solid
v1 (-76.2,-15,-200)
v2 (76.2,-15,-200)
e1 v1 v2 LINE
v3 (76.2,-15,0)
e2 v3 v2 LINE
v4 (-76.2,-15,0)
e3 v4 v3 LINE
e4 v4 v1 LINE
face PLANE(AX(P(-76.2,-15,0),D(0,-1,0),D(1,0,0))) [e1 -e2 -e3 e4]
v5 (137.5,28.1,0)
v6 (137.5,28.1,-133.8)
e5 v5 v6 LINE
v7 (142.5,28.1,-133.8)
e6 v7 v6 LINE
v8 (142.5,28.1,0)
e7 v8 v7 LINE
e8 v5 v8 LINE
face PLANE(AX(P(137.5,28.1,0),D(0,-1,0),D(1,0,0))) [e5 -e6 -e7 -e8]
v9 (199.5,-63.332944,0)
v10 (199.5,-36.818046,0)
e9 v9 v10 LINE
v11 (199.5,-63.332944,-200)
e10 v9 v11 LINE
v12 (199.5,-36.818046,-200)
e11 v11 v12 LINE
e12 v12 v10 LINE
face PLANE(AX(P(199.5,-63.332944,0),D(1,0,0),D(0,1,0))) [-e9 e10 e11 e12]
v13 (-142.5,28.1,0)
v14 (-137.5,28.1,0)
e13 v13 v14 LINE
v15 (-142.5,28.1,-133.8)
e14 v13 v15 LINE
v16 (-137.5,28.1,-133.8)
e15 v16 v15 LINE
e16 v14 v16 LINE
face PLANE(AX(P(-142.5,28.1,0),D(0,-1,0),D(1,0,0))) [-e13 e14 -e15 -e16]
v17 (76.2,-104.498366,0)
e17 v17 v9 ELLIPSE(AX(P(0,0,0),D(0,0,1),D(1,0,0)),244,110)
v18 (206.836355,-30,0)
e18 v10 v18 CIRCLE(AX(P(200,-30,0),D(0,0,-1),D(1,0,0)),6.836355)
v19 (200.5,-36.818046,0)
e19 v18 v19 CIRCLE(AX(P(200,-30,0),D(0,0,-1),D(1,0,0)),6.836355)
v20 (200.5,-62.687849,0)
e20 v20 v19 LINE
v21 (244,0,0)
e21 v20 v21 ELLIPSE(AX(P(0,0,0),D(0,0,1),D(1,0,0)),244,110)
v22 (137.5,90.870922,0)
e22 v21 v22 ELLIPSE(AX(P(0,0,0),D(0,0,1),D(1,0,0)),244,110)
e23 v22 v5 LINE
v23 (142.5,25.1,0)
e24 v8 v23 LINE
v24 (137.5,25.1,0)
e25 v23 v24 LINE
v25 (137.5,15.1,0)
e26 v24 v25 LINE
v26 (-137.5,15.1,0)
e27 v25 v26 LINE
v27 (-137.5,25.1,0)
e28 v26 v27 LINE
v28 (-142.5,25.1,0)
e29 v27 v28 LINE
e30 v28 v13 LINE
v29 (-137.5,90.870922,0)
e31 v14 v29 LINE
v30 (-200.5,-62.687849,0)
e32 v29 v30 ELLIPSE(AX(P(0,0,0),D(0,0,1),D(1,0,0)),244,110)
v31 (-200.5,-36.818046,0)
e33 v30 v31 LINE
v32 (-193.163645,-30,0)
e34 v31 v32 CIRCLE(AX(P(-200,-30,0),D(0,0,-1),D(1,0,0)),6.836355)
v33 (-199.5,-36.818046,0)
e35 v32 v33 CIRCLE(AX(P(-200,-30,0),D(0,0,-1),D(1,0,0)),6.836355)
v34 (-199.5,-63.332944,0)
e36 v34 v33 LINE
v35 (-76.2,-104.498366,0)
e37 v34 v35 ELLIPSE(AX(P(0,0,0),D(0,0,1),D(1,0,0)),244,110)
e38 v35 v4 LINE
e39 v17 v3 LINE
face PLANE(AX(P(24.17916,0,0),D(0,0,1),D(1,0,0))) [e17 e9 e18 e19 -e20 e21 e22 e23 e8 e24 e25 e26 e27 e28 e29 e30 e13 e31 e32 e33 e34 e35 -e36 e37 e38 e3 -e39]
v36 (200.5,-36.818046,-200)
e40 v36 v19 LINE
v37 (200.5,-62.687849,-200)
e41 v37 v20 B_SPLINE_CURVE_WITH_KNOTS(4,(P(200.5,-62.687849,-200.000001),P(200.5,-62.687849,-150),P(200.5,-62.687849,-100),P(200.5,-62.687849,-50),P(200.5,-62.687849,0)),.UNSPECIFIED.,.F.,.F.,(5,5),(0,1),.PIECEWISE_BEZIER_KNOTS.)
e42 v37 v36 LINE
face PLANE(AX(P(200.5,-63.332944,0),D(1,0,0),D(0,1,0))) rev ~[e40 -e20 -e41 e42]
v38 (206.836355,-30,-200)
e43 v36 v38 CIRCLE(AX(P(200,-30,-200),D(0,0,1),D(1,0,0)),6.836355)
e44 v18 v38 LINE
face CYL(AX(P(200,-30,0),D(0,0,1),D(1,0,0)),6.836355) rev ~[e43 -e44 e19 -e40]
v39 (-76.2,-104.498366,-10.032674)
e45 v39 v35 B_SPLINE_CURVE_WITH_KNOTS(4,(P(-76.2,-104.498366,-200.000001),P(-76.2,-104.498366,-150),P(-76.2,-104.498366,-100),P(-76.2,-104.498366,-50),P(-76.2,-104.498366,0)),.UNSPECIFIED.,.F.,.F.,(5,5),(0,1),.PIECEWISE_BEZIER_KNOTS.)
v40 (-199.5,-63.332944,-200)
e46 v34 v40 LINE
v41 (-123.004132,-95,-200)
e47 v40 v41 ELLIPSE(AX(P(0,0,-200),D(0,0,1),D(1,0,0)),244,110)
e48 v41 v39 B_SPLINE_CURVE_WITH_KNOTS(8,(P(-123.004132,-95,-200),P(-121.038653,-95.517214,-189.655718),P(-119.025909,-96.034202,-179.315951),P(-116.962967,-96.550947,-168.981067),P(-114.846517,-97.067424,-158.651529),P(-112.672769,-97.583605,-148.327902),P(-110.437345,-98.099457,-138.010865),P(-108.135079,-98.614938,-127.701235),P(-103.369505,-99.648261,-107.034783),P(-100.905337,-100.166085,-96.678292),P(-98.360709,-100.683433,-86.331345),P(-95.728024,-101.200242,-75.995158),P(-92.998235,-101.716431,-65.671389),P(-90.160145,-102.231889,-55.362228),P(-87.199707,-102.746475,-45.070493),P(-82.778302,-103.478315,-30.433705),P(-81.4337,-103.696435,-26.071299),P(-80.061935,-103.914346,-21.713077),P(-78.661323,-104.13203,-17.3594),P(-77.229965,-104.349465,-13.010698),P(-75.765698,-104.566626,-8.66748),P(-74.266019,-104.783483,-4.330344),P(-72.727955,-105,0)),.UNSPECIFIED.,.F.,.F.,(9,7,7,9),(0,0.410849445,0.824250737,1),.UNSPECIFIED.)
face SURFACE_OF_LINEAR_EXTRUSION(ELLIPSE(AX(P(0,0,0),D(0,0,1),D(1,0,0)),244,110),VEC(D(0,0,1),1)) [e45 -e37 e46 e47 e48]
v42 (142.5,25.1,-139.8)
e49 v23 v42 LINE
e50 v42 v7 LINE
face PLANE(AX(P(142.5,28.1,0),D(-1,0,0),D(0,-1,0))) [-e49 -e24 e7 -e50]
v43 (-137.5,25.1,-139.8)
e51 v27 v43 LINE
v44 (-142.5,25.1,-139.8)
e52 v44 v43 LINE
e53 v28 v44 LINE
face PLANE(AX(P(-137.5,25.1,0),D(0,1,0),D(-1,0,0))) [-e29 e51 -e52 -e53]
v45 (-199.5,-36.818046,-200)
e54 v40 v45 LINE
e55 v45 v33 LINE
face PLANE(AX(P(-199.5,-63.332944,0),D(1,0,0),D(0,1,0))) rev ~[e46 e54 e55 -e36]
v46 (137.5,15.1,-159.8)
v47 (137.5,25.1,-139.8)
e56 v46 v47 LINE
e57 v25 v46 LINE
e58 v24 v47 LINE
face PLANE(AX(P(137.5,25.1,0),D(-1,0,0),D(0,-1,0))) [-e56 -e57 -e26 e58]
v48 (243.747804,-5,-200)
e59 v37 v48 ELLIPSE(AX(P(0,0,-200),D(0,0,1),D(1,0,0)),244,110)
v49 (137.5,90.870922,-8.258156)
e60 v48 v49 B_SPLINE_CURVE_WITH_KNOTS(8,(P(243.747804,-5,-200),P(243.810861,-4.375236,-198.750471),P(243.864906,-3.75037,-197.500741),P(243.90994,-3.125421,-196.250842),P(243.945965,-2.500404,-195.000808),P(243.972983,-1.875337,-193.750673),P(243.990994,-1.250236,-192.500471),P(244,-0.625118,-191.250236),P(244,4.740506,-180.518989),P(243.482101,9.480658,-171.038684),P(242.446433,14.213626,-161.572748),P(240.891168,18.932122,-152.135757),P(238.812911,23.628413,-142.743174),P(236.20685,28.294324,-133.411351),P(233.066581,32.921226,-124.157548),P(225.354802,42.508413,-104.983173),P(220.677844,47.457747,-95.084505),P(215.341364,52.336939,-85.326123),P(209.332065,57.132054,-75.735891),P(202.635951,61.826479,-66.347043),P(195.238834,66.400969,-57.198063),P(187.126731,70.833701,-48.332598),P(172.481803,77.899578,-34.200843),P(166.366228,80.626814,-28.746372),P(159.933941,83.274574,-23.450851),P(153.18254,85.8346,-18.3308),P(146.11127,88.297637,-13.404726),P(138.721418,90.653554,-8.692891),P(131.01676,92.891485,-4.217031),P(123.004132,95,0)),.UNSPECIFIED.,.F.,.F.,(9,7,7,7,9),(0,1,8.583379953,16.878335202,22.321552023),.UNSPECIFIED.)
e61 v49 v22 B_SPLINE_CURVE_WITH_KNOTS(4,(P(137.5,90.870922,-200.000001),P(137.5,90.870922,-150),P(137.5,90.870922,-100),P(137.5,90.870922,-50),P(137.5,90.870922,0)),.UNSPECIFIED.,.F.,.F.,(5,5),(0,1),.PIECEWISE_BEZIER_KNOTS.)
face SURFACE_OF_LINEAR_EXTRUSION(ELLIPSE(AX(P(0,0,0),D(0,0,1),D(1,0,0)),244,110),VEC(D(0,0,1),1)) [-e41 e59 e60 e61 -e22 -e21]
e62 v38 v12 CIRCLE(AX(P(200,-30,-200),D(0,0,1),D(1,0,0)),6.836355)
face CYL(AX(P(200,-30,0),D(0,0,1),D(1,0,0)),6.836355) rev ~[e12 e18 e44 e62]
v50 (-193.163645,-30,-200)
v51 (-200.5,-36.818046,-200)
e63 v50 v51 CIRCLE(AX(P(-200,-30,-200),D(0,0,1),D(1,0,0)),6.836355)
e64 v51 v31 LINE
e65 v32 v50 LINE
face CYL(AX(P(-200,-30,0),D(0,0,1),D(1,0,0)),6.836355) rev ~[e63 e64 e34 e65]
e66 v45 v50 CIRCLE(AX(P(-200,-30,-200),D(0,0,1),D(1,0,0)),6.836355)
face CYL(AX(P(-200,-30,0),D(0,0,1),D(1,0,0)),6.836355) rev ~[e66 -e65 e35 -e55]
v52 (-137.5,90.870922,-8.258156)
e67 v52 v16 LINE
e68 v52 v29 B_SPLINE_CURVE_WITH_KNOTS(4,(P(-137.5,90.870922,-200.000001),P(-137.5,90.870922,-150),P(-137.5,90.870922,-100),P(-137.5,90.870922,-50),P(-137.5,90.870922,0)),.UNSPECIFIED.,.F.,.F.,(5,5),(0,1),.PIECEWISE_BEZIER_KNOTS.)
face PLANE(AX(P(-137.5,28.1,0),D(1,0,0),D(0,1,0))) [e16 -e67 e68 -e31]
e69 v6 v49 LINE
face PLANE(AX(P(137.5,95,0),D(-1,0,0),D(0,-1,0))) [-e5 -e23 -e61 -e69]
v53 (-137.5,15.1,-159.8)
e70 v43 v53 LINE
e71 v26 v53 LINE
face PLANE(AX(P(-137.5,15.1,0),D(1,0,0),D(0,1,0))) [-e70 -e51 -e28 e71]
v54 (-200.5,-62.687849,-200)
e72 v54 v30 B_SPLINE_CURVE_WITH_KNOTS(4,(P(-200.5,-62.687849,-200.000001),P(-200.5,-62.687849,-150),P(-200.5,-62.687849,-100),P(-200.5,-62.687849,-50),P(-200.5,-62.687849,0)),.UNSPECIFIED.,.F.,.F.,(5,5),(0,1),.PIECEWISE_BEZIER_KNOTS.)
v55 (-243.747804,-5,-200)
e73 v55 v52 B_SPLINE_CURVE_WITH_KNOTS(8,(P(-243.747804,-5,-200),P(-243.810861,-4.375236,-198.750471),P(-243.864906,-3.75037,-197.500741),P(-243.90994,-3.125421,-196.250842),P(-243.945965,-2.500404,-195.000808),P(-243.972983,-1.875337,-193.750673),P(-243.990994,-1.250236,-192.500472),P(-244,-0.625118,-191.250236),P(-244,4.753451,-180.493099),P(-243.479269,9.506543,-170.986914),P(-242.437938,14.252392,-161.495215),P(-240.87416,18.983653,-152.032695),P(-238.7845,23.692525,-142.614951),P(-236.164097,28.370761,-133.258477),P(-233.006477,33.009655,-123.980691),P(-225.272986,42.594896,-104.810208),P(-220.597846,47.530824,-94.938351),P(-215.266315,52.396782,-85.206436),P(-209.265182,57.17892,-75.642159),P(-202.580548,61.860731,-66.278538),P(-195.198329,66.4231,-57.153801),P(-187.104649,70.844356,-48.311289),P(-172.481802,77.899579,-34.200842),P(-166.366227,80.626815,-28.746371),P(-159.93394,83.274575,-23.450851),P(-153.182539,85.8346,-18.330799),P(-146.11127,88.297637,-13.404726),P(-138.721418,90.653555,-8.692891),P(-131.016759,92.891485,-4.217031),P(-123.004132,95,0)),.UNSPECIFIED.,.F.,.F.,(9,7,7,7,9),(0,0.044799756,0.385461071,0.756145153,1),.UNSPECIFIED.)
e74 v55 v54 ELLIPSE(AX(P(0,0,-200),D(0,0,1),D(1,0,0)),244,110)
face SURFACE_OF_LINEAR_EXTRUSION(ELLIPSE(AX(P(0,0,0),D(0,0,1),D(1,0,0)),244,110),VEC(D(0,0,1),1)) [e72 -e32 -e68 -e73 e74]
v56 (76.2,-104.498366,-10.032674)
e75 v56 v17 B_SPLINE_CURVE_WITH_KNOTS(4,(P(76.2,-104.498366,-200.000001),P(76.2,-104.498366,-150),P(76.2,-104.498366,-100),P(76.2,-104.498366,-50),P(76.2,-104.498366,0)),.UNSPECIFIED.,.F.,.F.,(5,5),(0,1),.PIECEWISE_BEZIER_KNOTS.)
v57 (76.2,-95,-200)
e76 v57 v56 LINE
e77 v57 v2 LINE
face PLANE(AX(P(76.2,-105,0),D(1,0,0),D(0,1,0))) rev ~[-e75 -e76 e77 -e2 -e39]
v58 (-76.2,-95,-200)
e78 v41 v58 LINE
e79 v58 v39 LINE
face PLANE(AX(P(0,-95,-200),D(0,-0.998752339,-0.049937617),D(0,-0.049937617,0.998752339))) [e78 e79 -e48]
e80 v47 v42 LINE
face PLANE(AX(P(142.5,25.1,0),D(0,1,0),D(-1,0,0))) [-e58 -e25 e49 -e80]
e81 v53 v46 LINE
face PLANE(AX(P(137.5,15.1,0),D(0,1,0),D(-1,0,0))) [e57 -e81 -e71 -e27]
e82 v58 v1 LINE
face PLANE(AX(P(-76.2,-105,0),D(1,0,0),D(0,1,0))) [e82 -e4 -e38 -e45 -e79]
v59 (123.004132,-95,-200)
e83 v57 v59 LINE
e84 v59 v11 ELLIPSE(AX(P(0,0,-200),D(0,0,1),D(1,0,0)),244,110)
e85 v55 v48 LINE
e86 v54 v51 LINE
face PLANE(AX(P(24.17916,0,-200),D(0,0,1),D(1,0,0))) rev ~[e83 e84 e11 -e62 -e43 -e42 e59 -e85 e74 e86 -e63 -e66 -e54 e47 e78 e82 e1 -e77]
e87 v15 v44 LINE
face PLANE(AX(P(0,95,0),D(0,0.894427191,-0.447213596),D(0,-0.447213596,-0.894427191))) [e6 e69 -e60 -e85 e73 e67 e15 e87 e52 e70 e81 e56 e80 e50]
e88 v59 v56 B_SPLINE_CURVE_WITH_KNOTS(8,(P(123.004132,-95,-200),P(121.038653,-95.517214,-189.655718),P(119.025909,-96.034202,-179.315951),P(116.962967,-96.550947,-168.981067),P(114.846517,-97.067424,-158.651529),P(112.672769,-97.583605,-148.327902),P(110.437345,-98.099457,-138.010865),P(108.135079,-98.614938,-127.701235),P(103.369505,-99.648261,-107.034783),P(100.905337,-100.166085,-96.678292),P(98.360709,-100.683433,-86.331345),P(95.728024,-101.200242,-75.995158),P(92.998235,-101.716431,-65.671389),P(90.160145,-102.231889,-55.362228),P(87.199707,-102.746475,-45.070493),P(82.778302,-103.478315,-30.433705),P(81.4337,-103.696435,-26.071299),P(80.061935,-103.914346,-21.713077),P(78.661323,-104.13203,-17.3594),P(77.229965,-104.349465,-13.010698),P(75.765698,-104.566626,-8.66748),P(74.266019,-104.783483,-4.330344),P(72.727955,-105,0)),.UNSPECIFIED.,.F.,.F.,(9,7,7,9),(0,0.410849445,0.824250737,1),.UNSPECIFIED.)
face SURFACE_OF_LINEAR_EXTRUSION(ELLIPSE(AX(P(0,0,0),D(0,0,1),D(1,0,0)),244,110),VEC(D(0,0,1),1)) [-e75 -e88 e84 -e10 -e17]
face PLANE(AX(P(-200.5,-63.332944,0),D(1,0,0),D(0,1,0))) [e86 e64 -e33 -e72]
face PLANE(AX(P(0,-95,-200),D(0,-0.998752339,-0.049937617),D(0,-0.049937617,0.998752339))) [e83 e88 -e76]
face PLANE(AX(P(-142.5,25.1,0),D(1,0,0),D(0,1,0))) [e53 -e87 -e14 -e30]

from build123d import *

# Parameters (mm, degrees)
SKETCH1_RX               = 244
SKETCH1_RY               = 110
BOSS_EXTRUDE1_DEPTH      = 200
SKETCH12_R               = 6.83635542
CUT_EXTRUDE8_DEPTH       = 201
CUT_EXTRUDE10_DEPTH      = 245
CUT_EXTRUDE10_DEPTH_BACK = 245
CUT_EXTRUDE11_DEPTH      = 1.0000001
CUT_EXTRUDE11_DEPTH_BACK = 201.0000001
SKETCH17_W               = 152.4
SKETCH17_H               = 90
CUT_EXTRUDE12_DEPTH      = 1.0000001
CUT_EXTRUDE12_DEPTH_BACK = 201.0000001
SKETCH18_W               = 1
SKETCH18_H               = 33.332943991
CUT_EXTRUDE13_DEPTH      = 1.0000001
CUT_EXTRUDE13_DEPTH_BACK = 201.0000001


with BuildPart() as part:
    # Sketch1 → Boss-Extrude1 (new body)
    with BuildSketch(Plane.XY):
        with Locations((0, 0)):
            Ellipse(SKETCH1_RX, SKETCH1_RY)
    extrude(amount=-BOSS_EXTRUDE1_DEPTH)

    # Sketch12 → Cut-Extrude8 (cut, through all)
    with BuildSketch(Plane.XY):
        with Locations((200, -30)):
            Circle(SKETCH12_R)
        with Locations((-200, -30)):
            Circle(SKETCH12_R)
    extrude(amount=-CUT_EXTRUDE8_DEPTH, mode=Mode.SUBTRACT)

    # Sketch15 → Cut-Extrude10 (cut, two sides)
    with BuildSketch(Plane(origin=(0, 0, 0), x_dir=(0, 0, -1), z_dir=(1, 0, 0))) as cut_extrude10_sk:
        Polygon((0, 110), (0, 95), (200, -5), (200, 110), align=None)
        Polygon((0, -110), (200, -110), (200, -95), (0, -105), align=None)
    extrude(amount=CUT_EXTRUDE10_DEPTH, mode=Mode.SUBTRACT)
    extrude(cut_extrude10_sk.sketch, amount=-CUT_EXTRUDE10_DEPTH_BACK, mode=Mode.SUBTRACT)

    # Sketch16 → Cut-Extrude11 (cut, two sides)
    with BuildSketch(Plane.XY) as cut_extrude11_sk:
        Polygon((-137.5, 95), (137.5, 95), (137.5, 28.1), (142.5, 28.1), (142.5, 25.1), (137.5, 25.1), (137.5, 15.1), (-137.5, 15.1), (-137.5, 25.1), (-142.5, 25.1), (-142.5, 28.1), (-137.5, 28.1), align=None)
    extrude(amount=CUT_EXTRUDE11_DEPTH, mode=Mode.SUBTRACT)
    extrude(cut_extrude11_sk.sketch, amount=-CUT_EXTRUDE11_DEPTH_BACK, mode=Mode.SUBTRACT)

    # Sketch17 → Cut-Extrude12 (cut, two sides)
    with BuildSketch(Plane.XY) as cut_extrude12_sk:
        with Locations((0, -60)):
            Rectangle(SKETCH17_W, SKETCH17_H)
    extrude(amount=CUT_EXTRUDE12_DEPTH, mode=Mode.SUBTRACT)
    extrude(cut_extrude12_sk.sketch, amount=-CUT_EXTRUDE12_DEPTH_BACK, mode=Mode.SUBTRACT)

    # Sketch18 → Cut-Extrude13 (cut, two sides)
    with BuildSketch(Plane.XY) as cut_extrude13_sk:
        with Locations((200, -46.666471996)):
            Rectangle(SKETCH18_W, SKETCH18_H)
        with Locations((-200, -46.666471996)):
            Rectangle(SKETCH18_W, SKETCH18_H)
    extrude(amount=CUT_EXTRUDE13_DEPTH, mode=Mode.SUBTRACT)
    extrude(cut_extrude13_sk.sketch, amount=-CUT_EXTRUDE13_DEPTH_BACK, mode=Mode.SUBTRACT)


solid = part.part
